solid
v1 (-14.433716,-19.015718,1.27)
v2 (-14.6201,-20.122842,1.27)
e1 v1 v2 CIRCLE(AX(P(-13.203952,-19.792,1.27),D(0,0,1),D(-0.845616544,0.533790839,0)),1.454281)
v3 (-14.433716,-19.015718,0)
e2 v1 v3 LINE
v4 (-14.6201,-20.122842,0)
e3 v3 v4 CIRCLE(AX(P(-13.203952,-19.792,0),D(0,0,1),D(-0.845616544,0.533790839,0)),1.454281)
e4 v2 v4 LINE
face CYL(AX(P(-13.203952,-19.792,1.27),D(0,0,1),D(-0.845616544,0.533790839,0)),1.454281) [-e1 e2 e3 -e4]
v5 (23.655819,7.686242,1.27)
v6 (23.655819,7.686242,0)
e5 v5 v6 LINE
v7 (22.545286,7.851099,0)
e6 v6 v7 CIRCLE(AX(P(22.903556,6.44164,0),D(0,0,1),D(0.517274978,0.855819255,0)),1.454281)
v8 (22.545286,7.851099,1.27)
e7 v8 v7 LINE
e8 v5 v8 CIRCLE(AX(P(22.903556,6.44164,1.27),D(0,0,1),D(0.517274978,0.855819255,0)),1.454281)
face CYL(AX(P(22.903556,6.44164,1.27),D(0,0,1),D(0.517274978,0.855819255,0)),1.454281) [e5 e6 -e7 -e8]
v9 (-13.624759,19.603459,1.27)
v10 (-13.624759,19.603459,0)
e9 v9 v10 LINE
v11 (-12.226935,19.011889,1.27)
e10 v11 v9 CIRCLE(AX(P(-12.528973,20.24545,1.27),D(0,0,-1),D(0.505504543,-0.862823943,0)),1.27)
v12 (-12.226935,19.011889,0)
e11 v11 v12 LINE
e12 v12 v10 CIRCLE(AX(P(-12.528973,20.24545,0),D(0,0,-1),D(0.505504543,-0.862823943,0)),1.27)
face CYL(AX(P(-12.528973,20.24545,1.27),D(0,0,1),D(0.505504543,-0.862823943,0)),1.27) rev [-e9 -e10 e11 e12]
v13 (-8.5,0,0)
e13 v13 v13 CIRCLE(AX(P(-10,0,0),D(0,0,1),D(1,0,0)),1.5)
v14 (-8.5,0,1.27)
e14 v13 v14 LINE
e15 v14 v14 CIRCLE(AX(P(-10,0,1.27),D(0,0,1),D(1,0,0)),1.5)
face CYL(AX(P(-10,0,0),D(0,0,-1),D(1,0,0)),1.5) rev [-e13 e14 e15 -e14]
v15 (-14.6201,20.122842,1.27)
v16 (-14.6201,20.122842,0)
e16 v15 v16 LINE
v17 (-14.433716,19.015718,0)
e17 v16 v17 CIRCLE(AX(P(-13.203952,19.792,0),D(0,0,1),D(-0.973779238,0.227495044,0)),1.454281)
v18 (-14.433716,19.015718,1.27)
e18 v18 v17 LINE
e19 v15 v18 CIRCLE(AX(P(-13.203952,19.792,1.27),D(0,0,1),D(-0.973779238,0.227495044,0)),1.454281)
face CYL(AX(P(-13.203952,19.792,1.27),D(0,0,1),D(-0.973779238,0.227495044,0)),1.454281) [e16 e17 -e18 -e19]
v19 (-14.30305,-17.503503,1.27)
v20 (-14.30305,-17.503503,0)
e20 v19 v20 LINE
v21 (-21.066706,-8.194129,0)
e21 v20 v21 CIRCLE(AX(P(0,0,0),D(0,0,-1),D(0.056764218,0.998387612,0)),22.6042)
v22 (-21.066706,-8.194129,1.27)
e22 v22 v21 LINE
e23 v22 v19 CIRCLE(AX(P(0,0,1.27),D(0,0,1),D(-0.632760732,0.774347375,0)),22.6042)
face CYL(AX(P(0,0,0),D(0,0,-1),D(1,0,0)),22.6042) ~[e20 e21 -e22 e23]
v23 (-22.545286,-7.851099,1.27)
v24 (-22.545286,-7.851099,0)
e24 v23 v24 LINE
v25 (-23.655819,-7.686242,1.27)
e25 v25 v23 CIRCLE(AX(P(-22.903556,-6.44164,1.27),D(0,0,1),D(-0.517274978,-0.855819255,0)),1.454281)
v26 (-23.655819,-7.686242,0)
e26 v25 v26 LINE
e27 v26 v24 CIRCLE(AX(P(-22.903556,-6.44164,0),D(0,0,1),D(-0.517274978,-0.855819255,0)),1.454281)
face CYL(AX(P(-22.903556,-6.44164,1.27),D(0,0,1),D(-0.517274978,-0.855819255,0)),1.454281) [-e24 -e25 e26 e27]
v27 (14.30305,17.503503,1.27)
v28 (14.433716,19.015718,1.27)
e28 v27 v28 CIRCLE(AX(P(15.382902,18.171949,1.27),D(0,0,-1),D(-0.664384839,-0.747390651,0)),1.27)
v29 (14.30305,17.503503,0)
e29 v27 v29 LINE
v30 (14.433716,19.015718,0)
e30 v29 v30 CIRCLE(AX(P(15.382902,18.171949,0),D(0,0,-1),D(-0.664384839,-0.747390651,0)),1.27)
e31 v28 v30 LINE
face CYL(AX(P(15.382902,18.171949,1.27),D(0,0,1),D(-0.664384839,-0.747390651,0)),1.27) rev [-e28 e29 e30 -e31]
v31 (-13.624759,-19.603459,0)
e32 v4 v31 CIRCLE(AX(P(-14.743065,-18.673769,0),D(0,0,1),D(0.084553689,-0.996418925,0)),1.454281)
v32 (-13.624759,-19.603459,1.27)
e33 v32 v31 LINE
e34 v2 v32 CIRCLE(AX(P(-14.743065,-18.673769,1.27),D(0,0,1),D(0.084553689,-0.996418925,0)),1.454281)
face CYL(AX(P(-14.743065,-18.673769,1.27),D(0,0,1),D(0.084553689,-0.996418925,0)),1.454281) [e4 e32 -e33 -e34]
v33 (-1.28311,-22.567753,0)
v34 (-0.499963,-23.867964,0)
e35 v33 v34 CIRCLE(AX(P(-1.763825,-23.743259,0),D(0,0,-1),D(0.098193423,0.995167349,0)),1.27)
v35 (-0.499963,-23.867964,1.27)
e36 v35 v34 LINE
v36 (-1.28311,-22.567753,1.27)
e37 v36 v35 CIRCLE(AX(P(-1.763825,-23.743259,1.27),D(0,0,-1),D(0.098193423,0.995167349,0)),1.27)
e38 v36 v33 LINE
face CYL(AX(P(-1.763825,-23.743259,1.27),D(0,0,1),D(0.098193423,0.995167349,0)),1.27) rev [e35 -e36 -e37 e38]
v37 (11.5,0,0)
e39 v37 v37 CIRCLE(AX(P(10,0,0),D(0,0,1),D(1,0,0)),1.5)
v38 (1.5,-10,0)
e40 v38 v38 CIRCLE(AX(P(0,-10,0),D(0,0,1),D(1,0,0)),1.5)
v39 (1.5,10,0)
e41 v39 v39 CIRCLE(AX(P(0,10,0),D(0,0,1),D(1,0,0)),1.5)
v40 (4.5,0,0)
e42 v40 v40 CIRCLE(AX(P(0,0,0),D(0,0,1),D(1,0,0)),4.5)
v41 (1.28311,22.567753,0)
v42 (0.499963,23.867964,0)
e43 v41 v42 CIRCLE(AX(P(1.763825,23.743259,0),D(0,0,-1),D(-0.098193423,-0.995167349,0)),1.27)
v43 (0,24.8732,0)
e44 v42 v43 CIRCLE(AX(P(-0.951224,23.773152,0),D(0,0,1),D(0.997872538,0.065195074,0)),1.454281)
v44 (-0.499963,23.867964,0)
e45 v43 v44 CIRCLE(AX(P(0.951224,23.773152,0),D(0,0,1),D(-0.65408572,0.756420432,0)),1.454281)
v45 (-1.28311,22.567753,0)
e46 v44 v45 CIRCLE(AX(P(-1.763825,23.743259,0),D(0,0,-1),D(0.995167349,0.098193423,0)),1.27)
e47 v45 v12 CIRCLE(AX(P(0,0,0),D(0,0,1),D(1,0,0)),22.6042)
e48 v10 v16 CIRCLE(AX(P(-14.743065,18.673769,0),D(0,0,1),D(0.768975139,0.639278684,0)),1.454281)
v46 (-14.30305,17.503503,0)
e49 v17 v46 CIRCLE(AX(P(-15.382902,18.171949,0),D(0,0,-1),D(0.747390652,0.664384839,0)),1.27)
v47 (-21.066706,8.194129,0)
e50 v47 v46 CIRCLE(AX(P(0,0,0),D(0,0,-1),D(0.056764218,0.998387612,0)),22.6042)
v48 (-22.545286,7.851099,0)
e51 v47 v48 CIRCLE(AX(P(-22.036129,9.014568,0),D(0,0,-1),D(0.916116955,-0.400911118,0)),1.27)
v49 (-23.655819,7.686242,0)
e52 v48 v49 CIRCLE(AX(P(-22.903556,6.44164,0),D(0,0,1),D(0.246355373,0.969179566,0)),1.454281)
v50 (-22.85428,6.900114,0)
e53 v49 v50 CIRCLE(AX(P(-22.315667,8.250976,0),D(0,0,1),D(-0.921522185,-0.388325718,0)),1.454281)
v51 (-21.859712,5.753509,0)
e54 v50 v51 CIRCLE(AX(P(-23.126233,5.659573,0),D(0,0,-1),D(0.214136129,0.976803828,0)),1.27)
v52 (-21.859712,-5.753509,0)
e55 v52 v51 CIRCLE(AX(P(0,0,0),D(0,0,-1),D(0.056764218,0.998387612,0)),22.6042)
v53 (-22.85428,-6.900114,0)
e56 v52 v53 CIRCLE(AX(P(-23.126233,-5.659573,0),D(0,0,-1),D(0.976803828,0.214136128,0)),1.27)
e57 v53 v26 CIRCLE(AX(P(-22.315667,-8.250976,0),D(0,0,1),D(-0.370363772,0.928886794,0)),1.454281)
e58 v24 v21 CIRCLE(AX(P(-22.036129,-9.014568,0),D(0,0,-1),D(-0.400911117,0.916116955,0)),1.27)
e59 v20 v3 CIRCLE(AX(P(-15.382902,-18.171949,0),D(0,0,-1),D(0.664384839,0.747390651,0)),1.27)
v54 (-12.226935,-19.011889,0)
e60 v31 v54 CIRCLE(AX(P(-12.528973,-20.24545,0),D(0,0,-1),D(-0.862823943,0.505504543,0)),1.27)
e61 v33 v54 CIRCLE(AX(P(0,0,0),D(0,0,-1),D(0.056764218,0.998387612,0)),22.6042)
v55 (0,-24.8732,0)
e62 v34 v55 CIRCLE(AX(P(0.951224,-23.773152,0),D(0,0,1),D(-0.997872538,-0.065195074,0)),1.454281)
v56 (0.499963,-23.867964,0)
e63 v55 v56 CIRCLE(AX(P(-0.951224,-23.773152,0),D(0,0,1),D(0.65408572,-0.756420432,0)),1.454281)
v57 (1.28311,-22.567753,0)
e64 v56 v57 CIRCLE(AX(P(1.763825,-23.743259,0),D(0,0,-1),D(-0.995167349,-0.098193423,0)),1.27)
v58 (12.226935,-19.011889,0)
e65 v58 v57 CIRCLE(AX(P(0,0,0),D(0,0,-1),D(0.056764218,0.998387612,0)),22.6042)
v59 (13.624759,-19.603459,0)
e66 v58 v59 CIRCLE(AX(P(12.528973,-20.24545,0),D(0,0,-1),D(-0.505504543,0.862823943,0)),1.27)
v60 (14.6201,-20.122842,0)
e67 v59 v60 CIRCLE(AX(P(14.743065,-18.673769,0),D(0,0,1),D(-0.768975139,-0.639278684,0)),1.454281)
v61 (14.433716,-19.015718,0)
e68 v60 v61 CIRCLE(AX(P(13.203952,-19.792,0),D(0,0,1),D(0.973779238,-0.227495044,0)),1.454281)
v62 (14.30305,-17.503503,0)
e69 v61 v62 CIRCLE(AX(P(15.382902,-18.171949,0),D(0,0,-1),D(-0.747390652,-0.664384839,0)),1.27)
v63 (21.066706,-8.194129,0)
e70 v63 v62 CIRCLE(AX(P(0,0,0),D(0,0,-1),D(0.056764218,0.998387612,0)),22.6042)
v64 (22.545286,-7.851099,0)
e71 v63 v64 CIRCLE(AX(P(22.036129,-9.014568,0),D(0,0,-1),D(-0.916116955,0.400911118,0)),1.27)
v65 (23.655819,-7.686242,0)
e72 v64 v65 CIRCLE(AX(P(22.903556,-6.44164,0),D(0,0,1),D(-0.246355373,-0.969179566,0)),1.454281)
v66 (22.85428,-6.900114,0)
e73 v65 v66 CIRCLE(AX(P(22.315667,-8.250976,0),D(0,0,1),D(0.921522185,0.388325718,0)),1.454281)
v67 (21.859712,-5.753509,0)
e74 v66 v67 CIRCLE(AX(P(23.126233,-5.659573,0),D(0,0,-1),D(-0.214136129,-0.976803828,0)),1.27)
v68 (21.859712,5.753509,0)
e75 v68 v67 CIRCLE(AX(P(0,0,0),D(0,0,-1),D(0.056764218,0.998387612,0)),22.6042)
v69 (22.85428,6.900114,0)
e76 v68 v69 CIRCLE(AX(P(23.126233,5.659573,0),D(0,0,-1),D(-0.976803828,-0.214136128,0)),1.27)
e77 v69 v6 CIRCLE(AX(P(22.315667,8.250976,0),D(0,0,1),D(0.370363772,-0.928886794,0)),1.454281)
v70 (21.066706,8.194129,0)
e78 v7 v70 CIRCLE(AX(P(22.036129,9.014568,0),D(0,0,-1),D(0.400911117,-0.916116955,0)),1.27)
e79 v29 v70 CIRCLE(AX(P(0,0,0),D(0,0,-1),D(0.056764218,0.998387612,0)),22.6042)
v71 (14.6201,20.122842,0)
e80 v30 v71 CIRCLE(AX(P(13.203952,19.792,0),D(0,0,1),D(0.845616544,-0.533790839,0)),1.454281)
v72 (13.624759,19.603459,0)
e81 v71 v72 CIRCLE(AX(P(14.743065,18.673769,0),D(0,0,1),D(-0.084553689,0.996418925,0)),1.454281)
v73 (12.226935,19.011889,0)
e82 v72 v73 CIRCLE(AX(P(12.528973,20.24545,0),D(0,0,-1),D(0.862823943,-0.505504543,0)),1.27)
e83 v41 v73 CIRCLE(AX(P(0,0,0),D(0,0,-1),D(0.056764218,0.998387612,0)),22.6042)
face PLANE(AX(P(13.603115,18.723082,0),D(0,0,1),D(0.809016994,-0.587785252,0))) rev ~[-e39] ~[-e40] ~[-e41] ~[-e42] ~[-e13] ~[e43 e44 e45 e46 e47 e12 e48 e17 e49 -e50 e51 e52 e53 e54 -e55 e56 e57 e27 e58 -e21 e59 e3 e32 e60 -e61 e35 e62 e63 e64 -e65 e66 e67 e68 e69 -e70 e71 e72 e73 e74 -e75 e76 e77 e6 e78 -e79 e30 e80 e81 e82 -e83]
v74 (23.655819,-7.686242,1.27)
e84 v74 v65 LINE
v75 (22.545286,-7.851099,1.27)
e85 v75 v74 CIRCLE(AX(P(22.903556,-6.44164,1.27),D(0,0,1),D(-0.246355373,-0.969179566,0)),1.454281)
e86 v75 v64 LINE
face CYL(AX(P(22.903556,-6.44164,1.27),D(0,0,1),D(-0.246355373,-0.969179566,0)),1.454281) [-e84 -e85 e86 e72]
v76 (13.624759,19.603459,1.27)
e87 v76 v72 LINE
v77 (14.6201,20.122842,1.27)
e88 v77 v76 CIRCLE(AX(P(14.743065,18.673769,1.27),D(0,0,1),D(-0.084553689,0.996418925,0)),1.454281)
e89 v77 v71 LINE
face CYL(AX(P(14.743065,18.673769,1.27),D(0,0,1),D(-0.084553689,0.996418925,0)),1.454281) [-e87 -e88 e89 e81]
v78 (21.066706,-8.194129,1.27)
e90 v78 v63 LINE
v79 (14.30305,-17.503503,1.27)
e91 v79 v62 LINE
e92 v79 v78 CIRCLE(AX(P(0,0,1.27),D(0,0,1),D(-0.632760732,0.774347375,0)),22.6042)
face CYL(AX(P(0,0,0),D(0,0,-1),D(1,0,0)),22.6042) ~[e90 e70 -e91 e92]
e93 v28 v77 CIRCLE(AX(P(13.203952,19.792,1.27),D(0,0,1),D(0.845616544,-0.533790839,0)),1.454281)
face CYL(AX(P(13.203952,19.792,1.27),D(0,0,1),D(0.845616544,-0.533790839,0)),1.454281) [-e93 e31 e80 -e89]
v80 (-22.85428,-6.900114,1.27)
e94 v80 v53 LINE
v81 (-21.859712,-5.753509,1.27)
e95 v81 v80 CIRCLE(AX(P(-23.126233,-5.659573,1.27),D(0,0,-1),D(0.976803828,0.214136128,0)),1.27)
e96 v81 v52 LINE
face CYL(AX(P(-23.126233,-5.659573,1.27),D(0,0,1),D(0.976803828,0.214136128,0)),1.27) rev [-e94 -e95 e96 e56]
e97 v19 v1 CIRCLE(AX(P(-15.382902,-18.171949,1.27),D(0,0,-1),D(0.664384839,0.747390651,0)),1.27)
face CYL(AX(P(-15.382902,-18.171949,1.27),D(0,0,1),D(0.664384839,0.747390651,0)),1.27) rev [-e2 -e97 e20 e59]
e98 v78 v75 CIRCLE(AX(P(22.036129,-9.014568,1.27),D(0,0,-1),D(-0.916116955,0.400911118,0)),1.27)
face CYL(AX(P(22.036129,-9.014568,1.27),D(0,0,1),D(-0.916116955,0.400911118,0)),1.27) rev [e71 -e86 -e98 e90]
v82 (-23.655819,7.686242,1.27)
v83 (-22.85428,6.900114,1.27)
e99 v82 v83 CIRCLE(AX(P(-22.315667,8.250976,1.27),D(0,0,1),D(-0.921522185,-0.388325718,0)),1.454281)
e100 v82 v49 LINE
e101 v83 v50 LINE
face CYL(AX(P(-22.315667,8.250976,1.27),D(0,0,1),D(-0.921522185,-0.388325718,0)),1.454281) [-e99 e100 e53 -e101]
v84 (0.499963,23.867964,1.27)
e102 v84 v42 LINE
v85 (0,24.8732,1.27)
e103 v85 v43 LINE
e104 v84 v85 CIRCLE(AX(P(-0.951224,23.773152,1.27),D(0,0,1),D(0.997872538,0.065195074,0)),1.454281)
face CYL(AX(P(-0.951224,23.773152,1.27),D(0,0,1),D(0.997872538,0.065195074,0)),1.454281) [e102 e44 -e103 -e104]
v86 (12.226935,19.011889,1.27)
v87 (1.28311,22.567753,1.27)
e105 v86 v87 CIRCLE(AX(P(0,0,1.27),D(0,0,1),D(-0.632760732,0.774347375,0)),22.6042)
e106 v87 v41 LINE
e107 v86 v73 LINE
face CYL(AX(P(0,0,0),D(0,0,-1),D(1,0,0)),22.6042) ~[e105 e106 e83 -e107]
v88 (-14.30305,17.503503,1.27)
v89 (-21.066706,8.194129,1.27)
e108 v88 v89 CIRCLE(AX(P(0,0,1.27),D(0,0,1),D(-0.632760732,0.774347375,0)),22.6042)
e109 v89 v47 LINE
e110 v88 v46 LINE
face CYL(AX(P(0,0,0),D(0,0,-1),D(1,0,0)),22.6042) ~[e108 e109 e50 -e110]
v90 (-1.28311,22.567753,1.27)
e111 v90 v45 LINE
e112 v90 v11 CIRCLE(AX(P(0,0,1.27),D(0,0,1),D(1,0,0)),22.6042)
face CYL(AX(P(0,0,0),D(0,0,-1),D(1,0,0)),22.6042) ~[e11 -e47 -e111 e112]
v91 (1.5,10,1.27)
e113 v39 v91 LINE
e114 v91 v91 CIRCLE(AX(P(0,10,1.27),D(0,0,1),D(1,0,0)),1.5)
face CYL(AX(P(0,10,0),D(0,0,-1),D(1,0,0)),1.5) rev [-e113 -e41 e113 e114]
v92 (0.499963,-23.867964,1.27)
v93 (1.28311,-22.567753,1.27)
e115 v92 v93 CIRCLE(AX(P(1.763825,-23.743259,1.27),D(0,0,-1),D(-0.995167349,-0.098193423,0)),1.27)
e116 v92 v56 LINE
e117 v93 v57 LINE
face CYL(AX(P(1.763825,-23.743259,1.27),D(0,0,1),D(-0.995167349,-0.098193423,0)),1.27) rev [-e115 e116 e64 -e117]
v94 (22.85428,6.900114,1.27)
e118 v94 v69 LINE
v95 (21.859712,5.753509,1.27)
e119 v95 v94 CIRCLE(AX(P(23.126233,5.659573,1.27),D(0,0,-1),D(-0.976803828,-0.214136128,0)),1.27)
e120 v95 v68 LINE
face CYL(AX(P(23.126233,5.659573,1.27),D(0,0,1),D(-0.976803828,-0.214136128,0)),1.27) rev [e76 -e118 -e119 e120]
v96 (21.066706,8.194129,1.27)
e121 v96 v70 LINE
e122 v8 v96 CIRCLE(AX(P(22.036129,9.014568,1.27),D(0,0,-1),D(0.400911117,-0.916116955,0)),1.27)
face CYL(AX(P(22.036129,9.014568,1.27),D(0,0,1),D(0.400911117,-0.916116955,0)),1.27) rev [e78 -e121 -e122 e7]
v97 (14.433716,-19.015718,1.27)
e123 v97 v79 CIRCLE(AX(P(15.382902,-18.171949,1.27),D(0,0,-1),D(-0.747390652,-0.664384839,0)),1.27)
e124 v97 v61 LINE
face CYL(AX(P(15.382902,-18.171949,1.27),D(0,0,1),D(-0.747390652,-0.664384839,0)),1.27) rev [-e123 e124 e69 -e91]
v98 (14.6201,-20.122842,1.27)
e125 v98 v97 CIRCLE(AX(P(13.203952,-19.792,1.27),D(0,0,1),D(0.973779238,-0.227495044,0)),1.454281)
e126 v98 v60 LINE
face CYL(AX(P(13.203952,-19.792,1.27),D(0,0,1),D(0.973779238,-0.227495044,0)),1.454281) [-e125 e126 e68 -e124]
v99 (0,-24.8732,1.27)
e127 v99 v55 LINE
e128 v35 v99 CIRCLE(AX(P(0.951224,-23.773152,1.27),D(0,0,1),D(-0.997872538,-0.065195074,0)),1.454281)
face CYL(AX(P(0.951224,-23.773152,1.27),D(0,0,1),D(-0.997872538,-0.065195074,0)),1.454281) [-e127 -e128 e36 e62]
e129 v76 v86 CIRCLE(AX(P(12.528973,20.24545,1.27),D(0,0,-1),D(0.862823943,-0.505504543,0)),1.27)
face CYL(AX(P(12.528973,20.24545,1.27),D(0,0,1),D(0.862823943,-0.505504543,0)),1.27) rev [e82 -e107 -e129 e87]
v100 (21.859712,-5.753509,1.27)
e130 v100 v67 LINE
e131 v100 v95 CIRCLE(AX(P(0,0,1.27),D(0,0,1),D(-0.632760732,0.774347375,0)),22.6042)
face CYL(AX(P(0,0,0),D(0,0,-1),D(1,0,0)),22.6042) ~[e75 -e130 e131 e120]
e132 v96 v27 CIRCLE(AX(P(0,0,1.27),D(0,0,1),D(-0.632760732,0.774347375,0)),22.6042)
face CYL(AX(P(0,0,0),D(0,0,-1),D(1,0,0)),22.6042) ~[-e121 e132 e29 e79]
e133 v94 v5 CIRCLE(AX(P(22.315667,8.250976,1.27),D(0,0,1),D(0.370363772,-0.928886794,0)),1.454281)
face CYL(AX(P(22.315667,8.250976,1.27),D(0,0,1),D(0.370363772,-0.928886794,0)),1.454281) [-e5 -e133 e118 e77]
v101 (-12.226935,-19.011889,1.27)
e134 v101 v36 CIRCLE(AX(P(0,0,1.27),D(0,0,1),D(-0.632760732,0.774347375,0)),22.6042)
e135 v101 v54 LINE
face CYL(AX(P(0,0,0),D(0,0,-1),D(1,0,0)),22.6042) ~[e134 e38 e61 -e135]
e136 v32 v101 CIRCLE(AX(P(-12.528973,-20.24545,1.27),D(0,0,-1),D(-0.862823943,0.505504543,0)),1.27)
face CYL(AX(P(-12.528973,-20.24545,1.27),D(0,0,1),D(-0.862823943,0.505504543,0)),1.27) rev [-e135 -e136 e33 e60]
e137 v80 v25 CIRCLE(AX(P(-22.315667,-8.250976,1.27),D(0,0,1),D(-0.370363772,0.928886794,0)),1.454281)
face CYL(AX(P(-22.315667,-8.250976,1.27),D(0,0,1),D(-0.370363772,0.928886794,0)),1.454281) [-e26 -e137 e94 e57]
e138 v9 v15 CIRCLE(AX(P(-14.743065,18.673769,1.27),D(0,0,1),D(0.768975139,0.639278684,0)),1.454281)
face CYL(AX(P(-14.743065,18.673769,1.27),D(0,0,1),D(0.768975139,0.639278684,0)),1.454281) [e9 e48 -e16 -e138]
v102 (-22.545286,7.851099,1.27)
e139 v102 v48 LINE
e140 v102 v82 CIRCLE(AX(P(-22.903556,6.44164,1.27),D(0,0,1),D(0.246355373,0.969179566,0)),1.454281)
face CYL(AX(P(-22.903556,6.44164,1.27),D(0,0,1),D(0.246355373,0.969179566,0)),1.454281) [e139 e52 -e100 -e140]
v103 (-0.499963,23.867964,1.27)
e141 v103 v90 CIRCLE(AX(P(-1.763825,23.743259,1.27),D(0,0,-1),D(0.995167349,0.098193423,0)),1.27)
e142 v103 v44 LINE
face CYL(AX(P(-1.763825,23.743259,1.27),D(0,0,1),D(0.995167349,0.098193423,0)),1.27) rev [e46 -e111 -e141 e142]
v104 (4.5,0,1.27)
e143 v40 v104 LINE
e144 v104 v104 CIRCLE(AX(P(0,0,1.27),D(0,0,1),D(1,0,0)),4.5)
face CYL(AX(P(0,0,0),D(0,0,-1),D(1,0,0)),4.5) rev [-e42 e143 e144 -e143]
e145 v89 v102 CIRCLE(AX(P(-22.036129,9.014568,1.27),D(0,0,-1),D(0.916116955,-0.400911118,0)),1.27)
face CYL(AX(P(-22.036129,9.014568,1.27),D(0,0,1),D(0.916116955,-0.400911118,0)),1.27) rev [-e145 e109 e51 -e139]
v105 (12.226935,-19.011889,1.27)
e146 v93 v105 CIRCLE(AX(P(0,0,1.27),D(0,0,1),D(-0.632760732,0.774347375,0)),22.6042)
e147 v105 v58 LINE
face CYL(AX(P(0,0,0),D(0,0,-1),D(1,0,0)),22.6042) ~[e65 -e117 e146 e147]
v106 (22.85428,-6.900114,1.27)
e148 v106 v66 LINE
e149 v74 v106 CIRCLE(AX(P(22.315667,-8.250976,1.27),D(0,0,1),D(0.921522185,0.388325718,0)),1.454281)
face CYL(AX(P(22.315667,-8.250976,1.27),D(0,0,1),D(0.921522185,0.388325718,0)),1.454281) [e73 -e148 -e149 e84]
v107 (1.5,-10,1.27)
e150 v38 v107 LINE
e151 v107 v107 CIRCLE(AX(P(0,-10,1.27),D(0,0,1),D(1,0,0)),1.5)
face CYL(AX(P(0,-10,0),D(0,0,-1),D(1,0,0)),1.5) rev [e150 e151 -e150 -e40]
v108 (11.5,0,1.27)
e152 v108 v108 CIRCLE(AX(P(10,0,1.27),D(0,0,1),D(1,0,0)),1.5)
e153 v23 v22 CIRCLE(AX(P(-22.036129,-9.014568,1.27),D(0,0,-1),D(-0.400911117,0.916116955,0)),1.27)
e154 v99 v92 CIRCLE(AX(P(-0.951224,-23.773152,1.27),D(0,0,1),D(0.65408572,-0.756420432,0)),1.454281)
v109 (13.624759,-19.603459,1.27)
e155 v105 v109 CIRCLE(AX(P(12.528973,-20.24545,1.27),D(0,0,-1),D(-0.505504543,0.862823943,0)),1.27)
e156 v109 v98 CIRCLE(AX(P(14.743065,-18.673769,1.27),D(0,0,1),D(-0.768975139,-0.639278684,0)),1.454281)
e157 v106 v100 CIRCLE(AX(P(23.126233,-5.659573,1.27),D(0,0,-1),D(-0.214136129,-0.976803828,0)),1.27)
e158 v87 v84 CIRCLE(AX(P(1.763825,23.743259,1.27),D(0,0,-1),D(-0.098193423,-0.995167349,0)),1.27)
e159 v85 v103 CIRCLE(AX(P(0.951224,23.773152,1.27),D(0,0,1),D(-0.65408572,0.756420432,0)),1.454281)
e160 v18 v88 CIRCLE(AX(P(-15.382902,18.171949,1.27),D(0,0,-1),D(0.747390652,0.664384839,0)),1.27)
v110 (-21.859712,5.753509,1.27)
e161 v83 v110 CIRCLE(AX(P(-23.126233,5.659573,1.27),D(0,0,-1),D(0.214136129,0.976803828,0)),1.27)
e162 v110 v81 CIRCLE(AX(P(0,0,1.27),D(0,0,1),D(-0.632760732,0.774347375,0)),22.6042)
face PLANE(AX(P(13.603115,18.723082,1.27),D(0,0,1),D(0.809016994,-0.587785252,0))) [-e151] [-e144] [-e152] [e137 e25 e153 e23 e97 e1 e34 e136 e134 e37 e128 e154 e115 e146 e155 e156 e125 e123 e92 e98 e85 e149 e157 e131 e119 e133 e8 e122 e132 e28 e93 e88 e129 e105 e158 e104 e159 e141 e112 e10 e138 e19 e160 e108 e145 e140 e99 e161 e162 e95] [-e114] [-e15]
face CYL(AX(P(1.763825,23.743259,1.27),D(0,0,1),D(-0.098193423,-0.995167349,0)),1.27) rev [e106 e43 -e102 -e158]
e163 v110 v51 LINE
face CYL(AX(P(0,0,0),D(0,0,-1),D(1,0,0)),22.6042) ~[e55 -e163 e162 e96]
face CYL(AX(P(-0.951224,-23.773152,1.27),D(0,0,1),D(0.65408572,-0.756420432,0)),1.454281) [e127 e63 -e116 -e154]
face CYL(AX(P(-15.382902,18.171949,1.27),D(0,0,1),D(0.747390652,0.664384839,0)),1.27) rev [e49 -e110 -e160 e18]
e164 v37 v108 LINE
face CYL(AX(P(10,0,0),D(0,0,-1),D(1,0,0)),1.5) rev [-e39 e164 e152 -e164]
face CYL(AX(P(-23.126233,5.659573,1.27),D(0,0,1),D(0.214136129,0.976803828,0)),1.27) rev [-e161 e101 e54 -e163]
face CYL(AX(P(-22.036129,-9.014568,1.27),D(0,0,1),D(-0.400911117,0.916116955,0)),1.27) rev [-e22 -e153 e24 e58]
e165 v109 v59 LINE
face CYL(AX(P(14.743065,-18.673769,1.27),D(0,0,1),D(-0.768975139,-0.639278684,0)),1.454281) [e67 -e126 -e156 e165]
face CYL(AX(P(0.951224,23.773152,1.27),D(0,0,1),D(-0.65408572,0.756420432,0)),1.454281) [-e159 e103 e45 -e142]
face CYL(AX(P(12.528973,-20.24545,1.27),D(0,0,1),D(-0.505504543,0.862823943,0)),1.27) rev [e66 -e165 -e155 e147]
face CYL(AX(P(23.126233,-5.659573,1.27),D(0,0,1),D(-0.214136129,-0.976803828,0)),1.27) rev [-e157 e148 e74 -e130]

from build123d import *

# Parameters (mm, degrees)
SKETCH1_R           = 22.6042
SKETCH1_R_2         = 1.5
SKETCH1_R_3         = 4.5
BOSS_EXTRUDE2_DEPTH = 1.27
BOSS_EXTRUDE4_DEPTH = 1.27
CIRPATTERN1_COUNT   = 10


with BuildPart() as part:
    # Sketch1 → Boss-Extrude2 (new body)
    with BuildSketch(Plane.XY):
        Circle(SKETCH1_R)
        with Locations((0, 10)):
            Circle(SKETCH1_R_2, mode=Mode.SUBTRACT)
        Circle(SKETCH1_R_3, mode=Mode.SUBTRACT)
        with Locations((10, 0)):
            Circle(SKETCH1_R_2, mode=Mode.SUBTRACT)
        with Locations((0, -10)):
            Circle(SKETCH1_R_2, mode=Mode.SUBTRACT)
        with Locations((-10, 0)):
            Circle(SKETCH1_R_2, mode=Mode.SUBTRACT)
    extrude(amount=BOSS_EXTRUDE2_DEPTH)

    # Sketch2 → Boss-Extrude4 (add)
    with BuildSketch(Plane.XY.offset(1.27)):
        with BuildLine():
            ThreePointArc((0, 24.8732), (-0.350896896, 24.420773343), (-0.499962578, 23.867964213))
            ThreePointArc((-0.499962578, 23.867964213), (-0.781959135, 22.937753007), (-1.639119464, 22.479396033))
            ThreePointArc((-1.639119464, 22.479396033), (0, 22.337103215), (1.639119464, 22.479396033))
            ThreePointArc((1.639119464, 22.479396033), (0.781959135, 22.937753007), (0.499962578, 23.867964213))
            ThreePointArc((0.499962578, 23.867964213), (0.350896896, 24.420773343), (0, 24.8732))
        make_face()
    boss_extrude4 = extrude(amount=-BOSS_EXTRUDE4_DEPTH)

    # CirPattern1: Boss-Extrude4 ×10 about axis
    cirpattern1_axis = Axis((0, 0, 0), (0, 0, 1))
    for i in range(1, CIRPATTERN1_COUNT):
        add(boss_extrude4.rotate(cirpattern1_axis, i * 360 / CIRPATTERN1_COUNT))


solid = part.part
